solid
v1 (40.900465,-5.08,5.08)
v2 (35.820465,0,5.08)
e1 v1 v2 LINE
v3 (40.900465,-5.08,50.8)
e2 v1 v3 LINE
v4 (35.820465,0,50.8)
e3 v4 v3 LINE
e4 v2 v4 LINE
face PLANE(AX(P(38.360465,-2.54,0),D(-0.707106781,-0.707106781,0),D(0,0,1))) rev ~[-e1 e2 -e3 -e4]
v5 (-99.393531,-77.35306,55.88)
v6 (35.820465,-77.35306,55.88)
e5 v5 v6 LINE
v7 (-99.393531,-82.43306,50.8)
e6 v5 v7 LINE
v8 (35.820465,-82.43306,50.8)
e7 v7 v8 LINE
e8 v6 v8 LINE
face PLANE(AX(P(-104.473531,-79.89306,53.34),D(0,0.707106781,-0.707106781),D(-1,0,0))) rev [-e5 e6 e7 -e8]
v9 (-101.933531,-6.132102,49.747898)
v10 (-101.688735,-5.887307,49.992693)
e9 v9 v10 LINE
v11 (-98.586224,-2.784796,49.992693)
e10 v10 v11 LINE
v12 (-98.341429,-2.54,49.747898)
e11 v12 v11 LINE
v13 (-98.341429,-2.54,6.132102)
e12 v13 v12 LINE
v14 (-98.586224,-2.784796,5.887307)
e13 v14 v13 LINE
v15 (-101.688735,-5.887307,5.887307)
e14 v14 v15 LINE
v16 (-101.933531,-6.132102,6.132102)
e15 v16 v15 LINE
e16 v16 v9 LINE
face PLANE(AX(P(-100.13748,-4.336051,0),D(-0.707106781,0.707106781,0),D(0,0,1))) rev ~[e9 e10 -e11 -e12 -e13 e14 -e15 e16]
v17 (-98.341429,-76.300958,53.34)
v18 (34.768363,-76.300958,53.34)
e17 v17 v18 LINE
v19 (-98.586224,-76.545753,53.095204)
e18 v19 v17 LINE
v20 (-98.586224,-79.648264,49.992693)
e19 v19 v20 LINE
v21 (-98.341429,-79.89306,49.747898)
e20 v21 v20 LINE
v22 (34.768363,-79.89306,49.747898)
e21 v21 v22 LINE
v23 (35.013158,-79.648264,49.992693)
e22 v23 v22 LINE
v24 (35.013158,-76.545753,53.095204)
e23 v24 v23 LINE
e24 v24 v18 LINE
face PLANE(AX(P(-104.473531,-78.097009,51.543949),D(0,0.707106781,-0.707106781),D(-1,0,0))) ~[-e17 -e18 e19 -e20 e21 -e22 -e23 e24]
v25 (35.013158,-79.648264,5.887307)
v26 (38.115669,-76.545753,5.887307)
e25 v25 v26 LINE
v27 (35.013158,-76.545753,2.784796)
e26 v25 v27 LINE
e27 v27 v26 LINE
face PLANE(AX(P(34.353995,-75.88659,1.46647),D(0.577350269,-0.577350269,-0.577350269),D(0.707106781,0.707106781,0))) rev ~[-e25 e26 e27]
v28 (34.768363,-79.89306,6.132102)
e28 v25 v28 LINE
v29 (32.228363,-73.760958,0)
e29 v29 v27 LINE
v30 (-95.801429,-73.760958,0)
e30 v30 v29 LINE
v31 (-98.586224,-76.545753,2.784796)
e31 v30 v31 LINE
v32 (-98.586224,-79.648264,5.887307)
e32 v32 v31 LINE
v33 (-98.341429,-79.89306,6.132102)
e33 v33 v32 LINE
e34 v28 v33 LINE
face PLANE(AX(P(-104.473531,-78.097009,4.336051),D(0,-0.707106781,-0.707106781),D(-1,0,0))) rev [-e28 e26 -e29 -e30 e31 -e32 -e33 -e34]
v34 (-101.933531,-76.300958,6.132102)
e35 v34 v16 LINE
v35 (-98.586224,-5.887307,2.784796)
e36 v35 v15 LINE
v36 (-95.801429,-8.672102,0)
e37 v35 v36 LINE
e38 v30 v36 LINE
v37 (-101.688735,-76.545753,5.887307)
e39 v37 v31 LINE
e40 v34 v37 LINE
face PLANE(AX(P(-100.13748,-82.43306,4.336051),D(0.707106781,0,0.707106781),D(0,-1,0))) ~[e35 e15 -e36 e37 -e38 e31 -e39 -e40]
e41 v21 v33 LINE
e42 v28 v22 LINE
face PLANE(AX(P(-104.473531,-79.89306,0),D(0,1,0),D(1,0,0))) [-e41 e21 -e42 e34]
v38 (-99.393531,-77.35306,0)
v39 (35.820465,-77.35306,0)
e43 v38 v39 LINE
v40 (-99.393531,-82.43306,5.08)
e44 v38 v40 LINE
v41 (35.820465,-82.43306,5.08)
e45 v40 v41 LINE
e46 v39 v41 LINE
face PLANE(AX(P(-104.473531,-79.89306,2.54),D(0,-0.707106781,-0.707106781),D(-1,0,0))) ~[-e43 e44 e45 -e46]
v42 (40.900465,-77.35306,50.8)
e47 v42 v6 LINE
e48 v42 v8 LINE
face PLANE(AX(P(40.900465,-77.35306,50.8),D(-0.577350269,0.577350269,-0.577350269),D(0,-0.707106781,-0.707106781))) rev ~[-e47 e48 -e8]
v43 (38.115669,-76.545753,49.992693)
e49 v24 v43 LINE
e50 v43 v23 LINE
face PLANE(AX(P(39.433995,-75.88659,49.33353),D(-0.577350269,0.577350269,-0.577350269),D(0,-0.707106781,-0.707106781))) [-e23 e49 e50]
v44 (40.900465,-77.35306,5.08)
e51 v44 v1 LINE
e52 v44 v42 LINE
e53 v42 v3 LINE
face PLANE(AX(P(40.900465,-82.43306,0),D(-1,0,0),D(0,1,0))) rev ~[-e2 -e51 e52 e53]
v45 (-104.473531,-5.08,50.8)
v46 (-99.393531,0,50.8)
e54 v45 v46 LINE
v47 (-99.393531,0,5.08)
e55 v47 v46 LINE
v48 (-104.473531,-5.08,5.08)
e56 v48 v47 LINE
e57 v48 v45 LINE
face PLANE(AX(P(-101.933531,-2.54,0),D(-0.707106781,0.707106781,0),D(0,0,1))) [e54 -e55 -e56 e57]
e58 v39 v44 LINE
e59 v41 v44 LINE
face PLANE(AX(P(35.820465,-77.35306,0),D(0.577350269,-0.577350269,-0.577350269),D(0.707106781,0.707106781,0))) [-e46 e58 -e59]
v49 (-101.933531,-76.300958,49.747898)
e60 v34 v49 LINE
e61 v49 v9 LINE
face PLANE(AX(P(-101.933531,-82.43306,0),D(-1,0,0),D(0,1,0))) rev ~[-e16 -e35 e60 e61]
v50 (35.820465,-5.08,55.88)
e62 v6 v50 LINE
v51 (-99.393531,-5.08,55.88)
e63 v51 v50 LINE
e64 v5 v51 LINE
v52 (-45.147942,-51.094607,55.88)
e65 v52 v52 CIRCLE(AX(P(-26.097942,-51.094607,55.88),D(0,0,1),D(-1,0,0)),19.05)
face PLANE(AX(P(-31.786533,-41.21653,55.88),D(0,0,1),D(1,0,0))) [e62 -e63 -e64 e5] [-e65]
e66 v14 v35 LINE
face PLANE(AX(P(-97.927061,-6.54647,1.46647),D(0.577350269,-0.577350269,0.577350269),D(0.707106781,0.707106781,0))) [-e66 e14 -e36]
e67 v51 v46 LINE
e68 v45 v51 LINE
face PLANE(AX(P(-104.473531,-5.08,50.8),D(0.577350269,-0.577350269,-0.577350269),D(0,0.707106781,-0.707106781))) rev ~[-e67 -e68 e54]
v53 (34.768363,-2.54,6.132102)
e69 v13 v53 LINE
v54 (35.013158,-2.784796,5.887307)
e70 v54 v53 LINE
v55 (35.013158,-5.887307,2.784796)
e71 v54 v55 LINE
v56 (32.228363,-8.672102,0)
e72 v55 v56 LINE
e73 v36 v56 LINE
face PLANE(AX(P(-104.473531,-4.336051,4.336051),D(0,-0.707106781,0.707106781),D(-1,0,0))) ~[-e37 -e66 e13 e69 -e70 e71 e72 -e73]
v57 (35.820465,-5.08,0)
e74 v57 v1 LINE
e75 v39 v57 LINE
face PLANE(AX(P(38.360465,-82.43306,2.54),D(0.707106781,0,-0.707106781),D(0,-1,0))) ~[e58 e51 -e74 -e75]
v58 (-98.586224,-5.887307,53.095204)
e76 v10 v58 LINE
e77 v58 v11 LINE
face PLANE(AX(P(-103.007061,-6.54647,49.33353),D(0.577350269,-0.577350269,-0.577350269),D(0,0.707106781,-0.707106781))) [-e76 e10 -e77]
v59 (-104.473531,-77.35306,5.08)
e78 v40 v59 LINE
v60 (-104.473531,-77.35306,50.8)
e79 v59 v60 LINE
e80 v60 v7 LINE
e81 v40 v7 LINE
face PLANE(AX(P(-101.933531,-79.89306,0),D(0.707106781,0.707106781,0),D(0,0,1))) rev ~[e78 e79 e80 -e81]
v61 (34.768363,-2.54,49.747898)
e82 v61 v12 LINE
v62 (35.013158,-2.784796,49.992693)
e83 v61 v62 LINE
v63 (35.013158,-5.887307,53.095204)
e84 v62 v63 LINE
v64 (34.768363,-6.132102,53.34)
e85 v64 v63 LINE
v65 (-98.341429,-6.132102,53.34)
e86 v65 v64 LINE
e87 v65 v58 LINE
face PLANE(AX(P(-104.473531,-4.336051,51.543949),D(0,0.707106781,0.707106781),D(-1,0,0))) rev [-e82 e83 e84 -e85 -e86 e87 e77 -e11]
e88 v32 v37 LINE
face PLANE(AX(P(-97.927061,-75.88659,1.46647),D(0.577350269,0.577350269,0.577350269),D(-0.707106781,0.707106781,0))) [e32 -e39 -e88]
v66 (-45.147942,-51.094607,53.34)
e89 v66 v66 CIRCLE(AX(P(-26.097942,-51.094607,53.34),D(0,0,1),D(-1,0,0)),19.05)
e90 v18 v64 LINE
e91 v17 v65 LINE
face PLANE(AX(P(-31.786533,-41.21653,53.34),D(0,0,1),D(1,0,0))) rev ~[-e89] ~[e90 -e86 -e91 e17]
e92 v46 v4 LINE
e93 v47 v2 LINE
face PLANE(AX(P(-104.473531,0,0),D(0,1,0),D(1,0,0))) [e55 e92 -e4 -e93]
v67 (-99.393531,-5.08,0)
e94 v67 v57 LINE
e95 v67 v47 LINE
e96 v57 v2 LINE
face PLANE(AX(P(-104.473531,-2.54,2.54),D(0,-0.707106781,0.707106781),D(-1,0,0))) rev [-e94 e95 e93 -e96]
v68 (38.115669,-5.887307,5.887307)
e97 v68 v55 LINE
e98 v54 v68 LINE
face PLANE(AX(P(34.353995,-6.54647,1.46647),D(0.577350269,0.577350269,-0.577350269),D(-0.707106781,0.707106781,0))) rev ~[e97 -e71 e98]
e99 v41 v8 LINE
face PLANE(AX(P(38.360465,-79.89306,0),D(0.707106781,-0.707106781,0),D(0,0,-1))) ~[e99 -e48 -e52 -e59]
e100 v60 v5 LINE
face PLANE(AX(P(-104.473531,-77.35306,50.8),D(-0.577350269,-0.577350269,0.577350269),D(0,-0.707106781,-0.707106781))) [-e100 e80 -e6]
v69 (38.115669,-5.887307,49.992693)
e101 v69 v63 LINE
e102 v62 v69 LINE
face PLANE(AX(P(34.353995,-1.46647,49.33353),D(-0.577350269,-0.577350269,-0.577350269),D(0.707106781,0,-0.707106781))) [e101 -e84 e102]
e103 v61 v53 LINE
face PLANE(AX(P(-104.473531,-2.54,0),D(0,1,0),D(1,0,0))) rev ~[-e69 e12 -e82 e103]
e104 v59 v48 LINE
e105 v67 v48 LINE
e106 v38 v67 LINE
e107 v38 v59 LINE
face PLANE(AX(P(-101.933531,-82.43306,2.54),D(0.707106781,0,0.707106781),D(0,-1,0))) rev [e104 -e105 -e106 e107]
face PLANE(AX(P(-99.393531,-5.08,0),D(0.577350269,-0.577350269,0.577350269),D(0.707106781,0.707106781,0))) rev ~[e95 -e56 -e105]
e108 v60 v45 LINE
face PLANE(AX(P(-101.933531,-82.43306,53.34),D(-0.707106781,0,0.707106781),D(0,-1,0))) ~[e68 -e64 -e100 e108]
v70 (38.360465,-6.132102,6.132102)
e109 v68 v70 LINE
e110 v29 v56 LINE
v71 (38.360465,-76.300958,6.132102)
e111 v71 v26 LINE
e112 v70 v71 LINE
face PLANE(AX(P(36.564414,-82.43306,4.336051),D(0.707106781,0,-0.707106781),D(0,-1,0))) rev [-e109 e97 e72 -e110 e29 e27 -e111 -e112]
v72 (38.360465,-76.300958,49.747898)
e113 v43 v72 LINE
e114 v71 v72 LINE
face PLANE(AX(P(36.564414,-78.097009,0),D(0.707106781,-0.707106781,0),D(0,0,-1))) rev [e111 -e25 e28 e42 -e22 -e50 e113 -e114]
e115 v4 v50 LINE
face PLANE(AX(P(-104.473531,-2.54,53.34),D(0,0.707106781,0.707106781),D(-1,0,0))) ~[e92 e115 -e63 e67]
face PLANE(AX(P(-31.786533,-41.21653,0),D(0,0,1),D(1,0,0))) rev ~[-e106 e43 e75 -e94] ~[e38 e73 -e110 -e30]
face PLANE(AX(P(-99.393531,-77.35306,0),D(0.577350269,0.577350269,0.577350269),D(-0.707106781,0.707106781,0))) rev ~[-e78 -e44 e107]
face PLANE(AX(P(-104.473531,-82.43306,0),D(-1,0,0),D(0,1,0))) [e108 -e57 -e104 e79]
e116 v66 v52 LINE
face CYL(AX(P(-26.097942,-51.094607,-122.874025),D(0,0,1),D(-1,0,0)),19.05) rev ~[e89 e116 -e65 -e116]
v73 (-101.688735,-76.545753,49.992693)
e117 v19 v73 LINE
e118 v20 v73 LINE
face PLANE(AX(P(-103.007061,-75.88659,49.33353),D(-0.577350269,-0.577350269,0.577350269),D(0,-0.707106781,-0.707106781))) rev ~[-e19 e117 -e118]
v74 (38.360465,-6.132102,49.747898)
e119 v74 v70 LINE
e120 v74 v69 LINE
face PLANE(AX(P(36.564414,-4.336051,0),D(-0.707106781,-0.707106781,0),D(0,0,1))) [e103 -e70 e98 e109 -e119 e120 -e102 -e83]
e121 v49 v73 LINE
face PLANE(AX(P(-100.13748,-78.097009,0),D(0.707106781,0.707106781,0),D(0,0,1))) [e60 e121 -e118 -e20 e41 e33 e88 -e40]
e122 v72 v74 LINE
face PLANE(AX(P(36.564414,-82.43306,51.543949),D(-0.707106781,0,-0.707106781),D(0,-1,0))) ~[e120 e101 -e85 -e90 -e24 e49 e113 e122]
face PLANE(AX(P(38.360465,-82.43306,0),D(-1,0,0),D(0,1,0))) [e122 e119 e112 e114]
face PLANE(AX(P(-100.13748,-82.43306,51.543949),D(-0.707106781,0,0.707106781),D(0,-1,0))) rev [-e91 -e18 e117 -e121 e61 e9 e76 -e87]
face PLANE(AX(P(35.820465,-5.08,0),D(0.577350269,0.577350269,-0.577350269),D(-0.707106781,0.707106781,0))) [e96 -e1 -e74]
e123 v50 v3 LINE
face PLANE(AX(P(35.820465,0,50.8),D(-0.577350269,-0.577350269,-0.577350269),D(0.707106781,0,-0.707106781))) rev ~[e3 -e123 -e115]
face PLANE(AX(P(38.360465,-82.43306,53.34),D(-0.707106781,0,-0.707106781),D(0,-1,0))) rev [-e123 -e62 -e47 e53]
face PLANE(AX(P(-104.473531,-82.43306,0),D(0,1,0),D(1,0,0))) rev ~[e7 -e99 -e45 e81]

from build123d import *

# Parameters (mm, degrees)
F0_W     = 145.373996
F0_H     = 82.43306
F1_DEPTH = 55.88
F2_SIZE  = 5.08
F3_T     = -2.54
F5_D     = 38.1


with BuildPart() as f1:
    # F0 (on Top) → F1 (new body)
    with BuildSketch(Plane.XY):
        with Locations((-31.786533, -41.21653)):
            Rectangle(F0_W, F0_H)
    extrude(amount=F1_DEPTH)

    # F2
    f2_edges = [f1.edges().sort_by_distance(p)[0] for p in [
        (-31.786533, -82.43306, 55.88),
        (40.900465, -41.21653, 55.88),
        (-31.786533, 0, 55.88),
        (-104.473531, -41.21653, 55.88),
        (-104.473531, -82.43306, 27.94),
        (40.900465, -82.43306, 27.94),
        (-31.786533, -82.43306, 0),
        (40.900465, 0, 27.94),
        (40.900465, -41.21653, 0),
        (-104.473531, 0, 27.94),
        (-104.473531, -41.21653, 0),
        (-31.786533, 0, 0),
    ]]
    chamfer(f2_edges, length=F2_SIZE)

    # F3
    f3_openings = [f1.faces().sort_by_distance(p)[0] for p in [
        (-31.786533, -41.21653, 0),
    ]]
    offset(amount=F3_T, openings=f3_openings)

    # F5 (through all)
    with Locations(Plane(origin=(0, 0, 53.34), x_dir=(1, 0, 0), z_dir=(0, 0, -1))):
        with Locations((-26.097942, 51.094607)):
            Hole(F5_D / 2)


solid = f1.part
